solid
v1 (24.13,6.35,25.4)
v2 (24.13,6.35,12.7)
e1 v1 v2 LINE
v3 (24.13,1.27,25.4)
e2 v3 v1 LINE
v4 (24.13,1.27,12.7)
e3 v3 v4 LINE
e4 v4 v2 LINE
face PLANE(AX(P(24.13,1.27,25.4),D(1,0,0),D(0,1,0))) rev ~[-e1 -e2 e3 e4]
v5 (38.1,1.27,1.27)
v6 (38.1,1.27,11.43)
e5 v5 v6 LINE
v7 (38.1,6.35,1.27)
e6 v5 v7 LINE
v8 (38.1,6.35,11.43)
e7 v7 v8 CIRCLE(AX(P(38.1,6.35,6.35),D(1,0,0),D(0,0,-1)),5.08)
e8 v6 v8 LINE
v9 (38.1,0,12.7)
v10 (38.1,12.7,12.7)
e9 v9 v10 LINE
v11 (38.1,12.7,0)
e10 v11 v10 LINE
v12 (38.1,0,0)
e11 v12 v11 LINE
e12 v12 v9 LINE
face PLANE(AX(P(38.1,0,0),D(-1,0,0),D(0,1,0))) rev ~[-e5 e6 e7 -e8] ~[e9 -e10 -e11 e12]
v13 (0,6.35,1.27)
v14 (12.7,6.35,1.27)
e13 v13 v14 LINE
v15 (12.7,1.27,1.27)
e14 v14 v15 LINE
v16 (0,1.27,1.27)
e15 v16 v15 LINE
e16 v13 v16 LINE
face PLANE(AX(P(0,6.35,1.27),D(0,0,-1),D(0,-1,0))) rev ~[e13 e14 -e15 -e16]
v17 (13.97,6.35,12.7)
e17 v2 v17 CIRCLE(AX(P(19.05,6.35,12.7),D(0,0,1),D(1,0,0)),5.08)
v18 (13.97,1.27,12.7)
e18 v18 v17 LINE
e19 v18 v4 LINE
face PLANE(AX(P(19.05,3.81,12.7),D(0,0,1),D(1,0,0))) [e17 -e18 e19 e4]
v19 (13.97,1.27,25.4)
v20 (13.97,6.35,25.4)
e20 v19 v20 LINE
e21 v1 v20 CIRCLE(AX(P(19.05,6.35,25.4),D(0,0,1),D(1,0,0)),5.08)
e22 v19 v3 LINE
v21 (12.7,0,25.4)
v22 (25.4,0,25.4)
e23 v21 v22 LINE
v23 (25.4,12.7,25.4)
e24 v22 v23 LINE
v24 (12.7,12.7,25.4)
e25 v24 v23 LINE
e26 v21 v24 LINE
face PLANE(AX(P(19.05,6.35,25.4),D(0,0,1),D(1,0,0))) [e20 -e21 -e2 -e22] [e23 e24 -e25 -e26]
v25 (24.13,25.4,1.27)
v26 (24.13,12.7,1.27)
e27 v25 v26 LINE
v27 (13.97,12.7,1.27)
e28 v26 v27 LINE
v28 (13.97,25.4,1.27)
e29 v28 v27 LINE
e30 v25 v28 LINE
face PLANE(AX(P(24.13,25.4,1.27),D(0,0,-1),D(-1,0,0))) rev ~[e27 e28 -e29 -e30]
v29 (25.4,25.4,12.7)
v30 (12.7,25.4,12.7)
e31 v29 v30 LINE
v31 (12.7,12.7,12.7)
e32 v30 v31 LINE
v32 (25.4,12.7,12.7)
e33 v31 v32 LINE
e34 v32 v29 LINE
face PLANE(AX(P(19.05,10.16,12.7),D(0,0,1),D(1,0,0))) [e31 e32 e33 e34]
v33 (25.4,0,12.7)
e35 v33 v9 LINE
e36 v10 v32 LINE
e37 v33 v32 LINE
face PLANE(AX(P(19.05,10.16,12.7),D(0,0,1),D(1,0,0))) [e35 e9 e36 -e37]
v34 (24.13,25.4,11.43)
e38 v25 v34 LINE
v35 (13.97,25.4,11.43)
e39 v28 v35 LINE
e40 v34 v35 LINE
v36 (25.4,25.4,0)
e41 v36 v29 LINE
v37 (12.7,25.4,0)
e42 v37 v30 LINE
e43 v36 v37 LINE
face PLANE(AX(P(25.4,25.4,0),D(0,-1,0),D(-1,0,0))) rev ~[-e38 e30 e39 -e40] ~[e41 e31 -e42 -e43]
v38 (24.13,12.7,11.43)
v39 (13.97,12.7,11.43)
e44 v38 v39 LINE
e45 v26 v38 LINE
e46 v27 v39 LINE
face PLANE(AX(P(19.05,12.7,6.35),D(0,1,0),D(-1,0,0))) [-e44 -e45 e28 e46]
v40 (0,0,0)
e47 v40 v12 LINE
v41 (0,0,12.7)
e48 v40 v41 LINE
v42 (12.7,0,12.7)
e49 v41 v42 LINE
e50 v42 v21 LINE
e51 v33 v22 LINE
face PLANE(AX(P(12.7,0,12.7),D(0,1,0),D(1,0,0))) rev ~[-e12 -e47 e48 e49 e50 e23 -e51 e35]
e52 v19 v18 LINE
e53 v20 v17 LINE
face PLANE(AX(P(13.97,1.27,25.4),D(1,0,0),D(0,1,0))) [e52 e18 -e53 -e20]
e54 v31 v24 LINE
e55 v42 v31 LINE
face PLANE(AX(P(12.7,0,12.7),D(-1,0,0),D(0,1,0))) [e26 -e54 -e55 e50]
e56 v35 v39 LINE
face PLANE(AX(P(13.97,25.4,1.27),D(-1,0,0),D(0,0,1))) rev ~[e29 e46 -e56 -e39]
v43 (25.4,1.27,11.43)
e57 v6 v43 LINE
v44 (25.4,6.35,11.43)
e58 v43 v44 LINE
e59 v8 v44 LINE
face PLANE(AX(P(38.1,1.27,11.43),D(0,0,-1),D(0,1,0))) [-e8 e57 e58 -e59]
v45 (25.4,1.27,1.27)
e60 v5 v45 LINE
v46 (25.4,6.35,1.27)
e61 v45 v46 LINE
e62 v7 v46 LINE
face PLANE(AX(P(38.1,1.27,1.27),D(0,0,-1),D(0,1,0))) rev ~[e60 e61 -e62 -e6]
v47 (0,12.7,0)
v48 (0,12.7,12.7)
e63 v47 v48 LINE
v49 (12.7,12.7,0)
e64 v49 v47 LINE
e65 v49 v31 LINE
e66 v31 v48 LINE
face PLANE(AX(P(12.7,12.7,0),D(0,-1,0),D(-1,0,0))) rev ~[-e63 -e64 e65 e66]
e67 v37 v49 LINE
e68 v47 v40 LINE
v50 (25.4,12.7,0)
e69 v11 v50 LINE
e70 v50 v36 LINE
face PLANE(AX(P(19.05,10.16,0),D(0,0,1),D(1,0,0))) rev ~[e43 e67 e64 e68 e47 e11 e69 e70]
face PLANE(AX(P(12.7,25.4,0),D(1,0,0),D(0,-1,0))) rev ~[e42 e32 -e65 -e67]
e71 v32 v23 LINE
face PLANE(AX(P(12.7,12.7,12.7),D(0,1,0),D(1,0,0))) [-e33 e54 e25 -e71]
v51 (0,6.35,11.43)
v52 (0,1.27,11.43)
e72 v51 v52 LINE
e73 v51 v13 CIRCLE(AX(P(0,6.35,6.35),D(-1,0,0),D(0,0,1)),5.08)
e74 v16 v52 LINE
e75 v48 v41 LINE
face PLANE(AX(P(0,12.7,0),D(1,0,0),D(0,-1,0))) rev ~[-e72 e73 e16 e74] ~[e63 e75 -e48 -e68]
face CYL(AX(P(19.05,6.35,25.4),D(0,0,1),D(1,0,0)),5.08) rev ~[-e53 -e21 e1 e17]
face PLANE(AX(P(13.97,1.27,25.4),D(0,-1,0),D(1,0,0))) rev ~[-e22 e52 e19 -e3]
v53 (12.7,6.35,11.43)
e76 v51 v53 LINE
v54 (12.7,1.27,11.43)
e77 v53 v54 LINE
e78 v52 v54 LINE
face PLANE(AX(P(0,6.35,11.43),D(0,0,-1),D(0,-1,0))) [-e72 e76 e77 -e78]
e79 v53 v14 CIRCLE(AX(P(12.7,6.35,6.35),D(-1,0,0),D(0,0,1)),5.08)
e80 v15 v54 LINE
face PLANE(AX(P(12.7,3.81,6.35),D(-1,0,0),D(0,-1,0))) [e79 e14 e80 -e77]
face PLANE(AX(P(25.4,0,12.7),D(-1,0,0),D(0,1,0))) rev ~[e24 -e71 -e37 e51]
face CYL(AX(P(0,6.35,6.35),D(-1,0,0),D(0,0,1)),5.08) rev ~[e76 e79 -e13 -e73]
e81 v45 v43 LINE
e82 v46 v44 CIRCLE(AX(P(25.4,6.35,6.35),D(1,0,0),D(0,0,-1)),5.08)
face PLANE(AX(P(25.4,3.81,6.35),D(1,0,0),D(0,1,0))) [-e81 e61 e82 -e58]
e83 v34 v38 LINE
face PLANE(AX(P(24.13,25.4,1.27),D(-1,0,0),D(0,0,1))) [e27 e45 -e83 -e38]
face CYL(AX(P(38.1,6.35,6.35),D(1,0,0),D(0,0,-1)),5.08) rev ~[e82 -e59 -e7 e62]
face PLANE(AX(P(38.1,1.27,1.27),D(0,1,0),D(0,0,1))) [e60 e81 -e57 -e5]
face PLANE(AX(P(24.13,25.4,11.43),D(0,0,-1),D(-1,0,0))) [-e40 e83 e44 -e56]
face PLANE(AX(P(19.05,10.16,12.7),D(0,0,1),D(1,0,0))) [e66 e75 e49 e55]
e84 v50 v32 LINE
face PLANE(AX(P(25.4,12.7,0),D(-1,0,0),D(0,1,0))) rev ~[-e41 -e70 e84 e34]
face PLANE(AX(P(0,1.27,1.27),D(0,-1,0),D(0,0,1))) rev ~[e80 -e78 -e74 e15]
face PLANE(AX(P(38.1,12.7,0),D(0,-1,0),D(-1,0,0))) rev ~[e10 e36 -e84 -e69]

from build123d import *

# Parameters (mm, degrees)
F1_DEPTH  = 12.7
F2_W      = 12.7
F2_H      = 12.7
F3_DEPTH  = 12.7
F4_W      = 5.08
F4_H      = 10.16
F6_DEPTH  = 12.7
F7_W      = 10.16
F7_H      = 5.08
F8_DEPTH  = 12.7
F9_W      = 5.08
F9_H      = 10.16
F10_DEPTH = 12.7
F11_W     = 10.16
F11_H     = 10.16
F12_DEPTH = 12.7


with BuildPart() as f1:
    # F0 (on Top) → F1 (new body)
    with BuildSketch(Plane.XY):
        Polygon((0, 12.7), (0, 0), (38.1, 0), (38.1, 12.7), (25.4, 12.7), (25.4, 25.4), (12.7, 25.4), (12.7, 12.7), align=None)
    extrude(amount=F1_DEPTH)

    # F2 (on face) → F3 (join)
    with BuildSketch(Plane.XY.offset(12.7)):
        with Locations((19.05, 6.35)):
            Rectangle(F2_W, F2_H)
    extrude(amount=F3_DEPTH)

    # F4 (on face) → F6 (cut)
    with BuildSketch(Plane.YZ.offset(38.1)):
        with Locations((3.81, 6.35)):
            Rectangle(F4_W, F4_H)
        with BuildLine():
            Line((6.35, 11.43), (6.35, 1.27))
            ThreePointArc((6.35, 1.27), (11.43, 6.35), (6.35, 11.43))
        make_face()
    extrude(amount=-F6_DEPTH, mode=Mode.SUBTRACT)

    # F7 (on face) → F8 (cut)
    with BuildSketch(Plane.XY.offset(25.4)):
        with Locations((19.05, 3.81)):
            Rectangle(F7_W, F7_H)
        with BuildLine():
            Line((13.97, 6.35), (24.13, 6.35))
            ThreePointArc((24.13, 6.35), (19.05, 11.43), (13.97, 6.35))
        make_face()
    extrude(amount=-F8_DEPTH, mode=Mode.SUBTRACT)

    # F9 (on face) → F10 (cut)
    with BuildSketch(Plane(origin=(0, 0, 0), x_dir=(0, -1, 0), z_dir=(-1, 0, 0))):
        with Locations((-3.81, 6.35)):
            Rectangle(F9_W, F9_H)
        with BuildLine():
            Line((-6.35, 1.27), (-6.35, 11.43))
            ThreePointArc((-6.35, 11.43), (-11.43, 6.35), (-6.35, 1.27))
        make_face()
    extrude(amount=-F10_DEPTH, mode=Mode.SUBTRACT)

    # F11 (on face) → F12 (cut)
    with BuildSketch(Plane(origin=(0, 25.4, 0), x_dir=(-1, 0, 0), z_dir=(0, 1, 0))):
        with Locations((-19.05, 6.35)):
            Rectangle(F11_W, F11_H)
    extrude(amount=-F12_DEPTH, mode=Mode.SUBTRACT)


solid = f1.part
